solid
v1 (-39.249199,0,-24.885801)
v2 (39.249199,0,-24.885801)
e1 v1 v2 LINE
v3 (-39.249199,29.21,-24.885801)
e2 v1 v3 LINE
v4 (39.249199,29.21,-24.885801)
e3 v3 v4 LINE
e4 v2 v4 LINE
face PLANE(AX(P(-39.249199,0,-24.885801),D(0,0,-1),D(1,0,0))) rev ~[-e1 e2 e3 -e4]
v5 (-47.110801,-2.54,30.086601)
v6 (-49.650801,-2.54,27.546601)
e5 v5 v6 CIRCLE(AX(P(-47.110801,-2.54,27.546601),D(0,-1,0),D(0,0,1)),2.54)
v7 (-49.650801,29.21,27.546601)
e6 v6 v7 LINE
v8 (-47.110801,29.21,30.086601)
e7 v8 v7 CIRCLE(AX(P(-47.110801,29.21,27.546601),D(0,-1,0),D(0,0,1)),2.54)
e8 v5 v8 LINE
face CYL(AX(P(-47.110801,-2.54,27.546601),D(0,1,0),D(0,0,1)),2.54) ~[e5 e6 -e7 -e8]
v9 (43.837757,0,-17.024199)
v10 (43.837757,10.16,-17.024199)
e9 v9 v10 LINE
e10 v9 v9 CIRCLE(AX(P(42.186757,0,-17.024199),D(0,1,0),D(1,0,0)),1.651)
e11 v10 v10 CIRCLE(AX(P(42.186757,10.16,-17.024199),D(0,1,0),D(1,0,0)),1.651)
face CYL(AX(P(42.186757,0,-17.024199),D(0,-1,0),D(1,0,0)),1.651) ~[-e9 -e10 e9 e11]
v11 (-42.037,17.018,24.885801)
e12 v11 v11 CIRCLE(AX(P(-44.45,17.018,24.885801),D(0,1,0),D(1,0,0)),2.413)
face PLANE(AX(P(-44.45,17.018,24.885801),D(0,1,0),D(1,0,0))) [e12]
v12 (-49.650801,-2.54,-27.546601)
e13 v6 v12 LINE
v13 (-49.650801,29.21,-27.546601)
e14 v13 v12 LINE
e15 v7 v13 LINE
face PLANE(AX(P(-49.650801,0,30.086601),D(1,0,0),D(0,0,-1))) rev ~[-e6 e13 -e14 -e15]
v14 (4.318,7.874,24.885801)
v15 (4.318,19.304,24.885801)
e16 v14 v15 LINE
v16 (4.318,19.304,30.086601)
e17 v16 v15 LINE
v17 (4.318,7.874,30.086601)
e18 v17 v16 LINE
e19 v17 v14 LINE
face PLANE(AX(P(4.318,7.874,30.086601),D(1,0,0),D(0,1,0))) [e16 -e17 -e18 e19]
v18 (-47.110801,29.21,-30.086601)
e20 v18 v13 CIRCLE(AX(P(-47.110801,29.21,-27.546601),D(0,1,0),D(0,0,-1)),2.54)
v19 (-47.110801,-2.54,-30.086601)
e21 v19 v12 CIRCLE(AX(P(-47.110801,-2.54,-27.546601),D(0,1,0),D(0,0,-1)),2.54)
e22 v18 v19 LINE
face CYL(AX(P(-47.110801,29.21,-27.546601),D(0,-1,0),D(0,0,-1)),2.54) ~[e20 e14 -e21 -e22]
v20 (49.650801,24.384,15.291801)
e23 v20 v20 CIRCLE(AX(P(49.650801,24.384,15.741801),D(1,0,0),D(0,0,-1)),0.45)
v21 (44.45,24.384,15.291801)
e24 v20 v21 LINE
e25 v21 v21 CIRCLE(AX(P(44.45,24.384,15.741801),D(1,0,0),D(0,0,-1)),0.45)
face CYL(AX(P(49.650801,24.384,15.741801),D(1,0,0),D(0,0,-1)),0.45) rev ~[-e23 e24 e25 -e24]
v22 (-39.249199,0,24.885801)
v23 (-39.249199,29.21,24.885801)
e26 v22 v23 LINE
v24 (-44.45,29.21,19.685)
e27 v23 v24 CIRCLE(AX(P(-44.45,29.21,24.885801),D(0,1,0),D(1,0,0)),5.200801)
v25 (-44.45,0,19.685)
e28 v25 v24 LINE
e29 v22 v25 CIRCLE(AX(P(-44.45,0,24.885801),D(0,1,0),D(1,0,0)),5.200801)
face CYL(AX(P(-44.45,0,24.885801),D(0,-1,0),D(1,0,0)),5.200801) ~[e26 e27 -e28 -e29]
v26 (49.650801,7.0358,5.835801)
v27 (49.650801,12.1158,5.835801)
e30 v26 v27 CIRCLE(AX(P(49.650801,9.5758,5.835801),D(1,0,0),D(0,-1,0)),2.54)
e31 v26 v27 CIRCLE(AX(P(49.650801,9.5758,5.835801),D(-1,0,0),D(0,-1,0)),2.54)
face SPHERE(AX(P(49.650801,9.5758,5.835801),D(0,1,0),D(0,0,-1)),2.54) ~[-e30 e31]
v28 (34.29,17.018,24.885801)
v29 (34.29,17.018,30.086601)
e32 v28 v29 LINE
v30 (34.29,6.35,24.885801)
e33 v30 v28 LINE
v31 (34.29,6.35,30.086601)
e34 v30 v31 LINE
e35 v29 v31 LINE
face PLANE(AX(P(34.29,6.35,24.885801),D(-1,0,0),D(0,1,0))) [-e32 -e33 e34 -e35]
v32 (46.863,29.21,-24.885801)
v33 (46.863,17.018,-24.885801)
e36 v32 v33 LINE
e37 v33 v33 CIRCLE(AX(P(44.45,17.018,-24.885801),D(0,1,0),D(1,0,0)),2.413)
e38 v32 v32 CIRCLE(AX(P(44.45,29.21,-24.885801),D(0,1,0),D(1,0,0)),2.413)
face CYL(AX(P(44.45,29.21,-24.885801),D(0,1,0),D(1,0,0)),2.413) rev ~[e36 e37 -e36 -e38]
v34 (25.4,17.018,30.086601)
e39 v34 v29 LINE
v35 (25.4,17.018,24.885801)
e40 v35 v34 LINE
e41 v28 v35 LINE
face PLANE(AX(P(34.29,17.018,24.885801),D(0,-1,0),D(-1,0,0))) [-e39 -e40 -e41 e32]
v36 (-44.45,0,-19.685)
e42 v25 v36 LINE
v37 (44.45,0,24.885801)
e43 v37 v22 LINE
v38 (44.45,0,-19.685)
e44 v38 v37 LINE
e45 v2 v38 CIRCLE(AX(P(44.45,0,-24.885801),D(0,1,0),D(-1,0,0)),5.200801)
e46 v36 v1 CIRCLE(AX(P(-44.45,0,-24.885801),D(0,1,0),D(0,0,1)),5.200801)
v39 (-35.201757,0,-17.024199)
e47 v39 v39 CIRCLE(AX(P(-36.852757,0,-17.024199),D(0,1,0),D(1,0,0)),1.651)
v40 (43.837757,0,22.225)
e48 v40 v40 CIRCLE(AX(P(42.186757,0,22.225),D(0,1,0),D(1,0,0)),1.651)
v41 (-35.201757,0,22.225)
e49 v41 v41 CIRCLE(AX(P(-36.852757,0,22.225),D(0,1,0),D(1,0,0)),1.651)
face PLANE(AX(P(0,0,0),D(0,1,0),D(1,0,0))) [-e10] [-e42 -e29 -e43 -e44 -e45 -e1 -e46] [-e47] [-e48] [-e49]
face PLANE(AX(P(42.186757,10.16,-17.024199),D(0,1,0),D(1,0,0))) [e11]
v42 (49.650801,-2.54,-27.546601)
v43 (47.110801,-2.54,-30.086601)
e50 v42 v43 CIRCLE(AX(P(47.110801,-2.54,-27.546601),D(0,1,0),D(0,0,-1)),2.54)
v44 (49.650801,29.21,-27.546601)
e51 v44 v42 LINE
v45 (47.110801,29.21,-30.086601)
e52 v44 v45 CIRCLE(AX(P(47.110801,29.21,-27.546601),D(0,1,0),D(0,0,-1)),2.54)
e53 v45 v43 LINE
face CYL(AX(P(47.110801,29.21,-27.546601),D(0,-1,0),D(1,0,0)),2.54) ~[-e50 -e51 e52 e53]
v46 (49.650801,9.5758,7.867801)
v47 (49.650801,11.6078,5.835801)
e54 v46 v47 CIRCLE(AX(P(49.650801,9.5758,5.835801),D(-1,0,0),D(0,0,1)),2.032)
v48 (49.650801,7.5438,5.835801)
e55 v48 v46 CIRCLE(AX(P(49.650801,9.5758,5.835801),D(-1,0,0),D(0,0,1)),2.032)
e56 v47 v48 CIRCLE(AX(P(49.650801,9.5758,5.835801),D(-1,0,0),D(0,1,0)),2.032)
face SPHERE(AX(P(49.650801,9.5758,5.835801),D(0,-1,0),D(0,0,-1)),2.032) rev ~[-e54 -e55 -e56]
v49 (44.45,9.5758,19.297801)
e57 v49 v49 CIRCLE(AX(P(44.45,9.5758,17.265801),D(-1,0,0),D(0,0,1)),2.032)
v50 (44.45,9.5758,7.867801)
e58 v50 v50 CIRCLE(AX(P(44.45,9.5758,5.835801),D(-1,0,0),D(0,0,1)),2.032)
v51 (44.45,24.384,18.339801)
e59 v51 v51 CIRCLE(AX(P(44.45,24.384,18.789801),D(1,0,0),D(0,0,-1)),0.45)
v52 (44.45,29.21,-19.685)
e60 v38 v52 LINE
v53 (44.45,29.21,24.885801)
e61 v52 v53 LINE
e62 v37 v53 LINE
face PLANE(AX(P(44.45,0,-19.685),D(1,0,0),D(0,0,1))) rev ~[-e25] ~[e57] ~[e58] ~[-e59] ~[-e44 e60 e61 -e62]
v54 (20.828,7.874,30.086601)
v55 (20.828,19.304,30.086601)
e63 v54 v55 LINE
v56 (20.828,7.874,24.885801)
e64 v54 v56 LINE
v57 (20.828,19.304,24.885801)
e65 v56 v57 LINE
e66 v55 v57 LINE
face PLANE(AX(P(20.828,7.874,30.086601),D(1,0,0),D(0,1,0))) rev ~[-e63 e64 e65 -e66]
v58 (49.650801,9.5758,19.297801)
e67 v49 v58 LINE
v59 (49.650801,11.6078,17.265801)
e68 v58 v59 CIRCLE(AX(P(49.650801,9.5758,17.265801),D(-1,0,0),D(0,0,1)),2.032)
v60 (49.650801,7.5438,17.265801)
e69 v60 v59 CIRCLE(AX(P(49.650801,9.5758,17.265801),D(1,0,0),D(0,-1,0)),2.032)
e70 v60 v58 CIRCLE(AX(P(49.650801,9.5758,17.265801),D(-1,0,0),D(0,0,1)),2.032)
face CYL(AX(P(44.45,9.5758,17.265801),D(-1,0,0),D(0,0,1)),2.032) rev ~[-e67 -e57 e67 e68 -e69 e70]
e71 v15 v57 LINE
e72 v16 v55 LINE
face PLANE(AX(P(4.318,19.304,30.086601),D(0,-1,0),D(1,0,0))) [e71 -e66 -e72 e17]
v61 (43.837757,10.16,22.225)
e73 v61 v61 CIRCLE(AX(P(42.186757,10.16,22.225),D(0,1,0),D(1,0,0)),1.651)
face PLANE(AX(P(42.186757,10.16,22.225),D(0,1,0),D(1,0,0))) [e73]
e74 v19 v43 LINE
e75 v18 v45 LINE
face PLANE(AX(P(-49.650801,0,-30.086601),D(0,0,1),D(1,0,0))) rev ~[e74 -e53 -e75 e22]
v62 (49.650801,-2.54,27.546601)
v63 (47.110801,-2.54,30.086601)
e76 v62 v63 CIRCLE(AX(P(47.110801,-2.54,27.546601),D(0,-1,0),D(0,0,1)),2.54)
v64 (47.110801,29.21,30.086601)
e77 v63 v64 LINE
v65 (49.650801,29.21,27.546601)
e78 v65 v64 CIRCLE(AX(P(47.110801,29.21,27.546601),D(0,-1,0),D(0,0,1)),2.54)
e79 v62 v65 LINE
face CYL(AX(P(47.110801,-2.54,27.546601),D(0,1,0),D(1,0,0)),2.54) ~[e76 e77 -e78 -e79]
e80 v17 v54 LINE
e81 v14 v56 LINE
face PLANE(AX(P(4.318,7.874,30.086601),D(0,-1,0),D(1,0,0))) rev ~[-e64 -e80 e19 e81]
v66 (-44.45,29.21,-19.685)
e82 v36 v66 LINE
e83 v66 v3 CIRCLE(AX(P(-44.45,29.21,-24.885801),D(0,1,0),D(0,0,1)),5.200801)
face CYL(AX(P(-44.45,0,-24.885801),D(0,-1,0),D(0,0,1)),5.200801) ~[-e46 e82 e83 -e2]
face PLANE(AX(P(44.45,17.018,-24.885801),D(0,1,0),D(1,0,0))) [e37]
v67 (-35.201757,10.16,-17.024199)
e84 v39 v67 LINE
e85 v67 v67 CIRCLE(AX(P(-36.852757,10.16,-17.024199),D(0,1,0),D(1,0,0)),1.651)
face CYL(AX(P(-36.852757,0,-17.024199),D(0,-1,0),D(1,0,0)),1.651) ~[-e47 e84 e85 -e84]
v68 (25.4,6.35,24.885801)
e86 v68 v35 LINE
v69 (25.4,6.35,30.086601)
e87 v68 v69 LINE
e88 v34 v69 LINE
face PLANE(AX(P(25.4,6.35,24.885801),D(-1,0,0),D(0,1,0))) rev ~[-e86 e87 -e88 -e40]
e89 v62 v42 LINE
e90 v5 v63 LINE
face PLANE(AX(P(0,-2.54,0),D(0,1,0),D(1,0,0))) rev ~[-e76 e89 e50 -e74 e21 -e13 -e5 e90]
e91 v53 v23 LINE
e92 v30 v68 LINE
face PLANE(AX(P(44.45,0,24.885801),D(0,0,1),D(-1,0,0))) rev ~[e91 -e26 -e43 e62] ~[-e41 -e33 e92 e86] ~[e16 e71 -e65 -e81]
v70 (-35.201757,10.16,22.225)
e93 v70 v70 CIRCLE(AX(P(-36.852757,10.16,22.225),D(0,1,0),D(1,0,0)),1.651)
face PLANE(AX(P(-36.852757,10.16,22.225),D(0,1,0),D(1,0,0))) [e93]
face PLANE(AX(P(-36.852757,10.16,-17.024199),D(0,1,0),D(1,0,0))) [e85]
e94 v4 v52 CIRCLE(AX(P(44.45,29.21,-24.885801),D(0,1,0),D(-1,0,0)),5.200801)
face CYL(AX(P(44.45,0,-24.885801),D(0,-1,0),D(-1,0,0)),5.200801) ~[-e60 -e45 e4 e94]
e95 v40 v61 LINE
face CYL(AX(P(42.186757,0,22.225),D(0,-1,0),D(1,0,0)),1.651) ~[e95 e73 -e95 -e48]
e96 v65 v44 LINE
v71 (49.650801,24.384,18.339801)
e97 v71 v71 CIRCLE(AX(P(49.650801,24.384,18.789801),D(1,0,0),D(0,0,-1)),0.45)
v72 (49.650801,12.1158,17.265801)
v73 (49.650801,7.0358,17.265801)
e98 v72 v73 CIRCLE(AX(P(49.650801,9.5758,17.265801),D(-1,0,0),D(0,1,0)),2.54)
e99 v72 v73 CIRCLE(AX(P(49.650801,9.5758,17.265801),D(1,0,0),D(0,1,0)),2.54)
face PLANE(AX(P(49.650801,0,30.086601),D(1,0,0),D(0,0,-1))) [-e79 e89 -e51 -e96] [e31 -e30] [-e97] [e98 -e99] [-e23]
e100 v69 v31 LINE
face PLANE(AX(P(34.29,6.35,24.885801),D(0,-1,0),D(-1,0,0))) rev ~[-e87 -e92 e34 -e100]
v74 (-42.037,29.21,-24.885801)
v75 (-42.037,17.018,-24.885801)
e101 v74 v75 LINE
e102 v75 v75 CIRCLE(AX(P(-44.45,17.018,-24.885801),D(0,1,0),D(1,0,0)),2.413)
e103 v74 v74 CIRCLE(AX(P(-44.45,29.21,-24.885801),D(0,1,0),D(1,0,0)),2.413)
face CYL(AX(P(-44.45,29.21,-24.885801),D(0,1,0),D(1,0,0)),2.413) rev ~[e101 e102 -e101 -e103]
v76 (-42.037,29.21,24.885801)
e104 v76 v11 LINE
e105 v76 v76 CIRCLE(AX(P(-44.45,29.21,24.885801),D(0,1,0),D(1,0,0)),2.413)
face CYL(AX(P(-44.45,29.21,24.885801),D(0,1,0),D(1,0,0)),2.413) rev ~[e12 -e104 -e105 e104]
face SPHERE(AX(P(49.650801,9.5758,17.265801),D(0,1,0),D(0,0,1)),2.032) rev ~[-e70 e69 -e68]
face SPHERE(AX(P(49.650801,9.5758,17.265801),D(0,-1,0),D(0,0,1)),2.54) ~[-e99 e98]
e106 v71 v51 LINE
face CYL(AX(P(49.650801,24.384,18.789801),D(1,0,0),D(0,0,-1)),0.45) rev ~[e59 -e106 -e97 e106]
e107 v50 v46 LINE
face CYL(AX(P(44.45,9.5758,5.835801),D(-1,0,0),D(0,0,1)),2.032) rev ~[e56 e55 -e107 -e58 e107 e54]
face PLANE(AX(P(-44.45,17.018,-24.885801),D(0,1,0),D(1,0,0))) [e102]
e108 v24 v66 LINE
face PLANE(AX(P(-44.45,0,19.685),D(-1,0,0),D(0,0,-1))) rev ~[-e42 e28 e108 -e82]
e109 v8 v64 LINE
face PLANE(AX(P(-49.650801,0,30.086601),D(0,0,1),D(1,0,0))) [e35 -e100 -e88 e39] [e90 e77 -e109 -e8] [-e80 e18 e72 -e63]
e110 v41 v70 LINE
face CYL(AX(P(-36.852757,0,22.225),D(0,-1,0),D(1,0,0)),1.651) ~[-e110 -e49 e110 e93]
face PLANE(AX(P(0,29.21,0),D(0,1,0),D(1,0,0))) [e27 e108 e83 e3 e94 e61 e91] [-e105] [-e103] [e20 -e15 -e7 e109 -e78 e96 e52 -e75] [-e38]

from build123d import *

# Parameters (mm, degrees)
SKETCH1_W           = 99.30160125
SKETCH1_H           = 60.173202502
BOSS_EXTRUDE1_DEPTH = 29.21
SKETCH1_23_W        = 99.30160125
SKETCH1_23_H        = 60.173202502
BOSS_EXTRUDE2_DEPTH = 2.54
CUT_EXTRUDE1_START  = 29.21
SKETCH1_25_R        = 2.413
CUT_EXTRUDE1_DEPTH  = 12.192
SKETCH1_28_R        = 1.651
BOSS_EXTRUDE5_DEPTH = 10.16
SKETCH6_W           = 8.89
SKETCH6_H           = 10.668
CUT_EXTRUDE2_DEPTH  = 10.16
SKETCH8_W           = 16.51
SKETCH8_H           = 11.43
CUT_EXTRUDE4_DEPTH  = 10.16
SKETCH10_R          = 2.032
CUT_EXTRUDE7_DEPTH  = 6.200800625
REVOLVE1_ANGLE      = 180
REVOLVE2_ANGLE      = 180
SKETCH13_R          = 0.45
CUT_EXTRUDE8_DEPTH  = 7.62
FILLET2_R           = 2.54


with BuildPart() as part:
    # Sketch1 → Boss-Extrude1 (new body)
    with BuildSketch(Plane(origin=(0, 0, 0), x_dir=(1, 0, 0), z_dir=(0, 1, 0))):
        Rectangle(SKETCH1_W, SKETCH1_H)
        with BuildLine():
            ThreePointArc((-44.45, 19.685), (-40.77247861, 21.208279236), (-39.249199375, 24.885800625))
            Line((-39.249199375, 24.885800625), (39.249199375, 24.885800625))
            ThreePointArc((39.249199375, 24.885800625), (40.77247861, 21.208279236), (44.45, 19.685))
            Line((44.45, 19.685), (44.45, -24.885800625))
            Line((44.45, -24.885800625), (-39.249199375, -24.885800625))
            ThreePointArc((-39.249199375, -24.885800625), (-40.77247861, -21.208279236), (-44.45, -19.685))
            Line((-44.45, -19.685), (-44.45, 19.685))
        make_face(mode=Mode.SUBTRACT)
    extrude(amount=BOSS_EXTRUDE1_DEPTH)

    # Sketch1<23> → Boss-Extrude2 (add)
    with BuildSketch(Plane(origin=(0, 0, 0), x_dir=(1, 0, 0), z_dir=(0, 1, 0))):
        Rectangle(SKETCH1_23_W, SKETCH1_23_H)
    extrude(amount=-BOSS_EXTRUDE2_DEPTH)

    # Sketch1<25> → Cut-Extrude1 (cut)
    with BuildSketch(Plane(origin=(0, 0, 0), x_dir=(1, 0, 0), z_dir=(0, 1, 0)).offset(CUT_EXTRUDE1_START)):
        with Locations((-44.45, 24.885800625)):
            Circle(SKETCH1_25_R)
        with Locations((44.45, 24.885800625)):
            Circle(SKETCH1_25_R)
        with Locations((-44.45, -24.885800625)):
            Circle(SKETCH1_25_R)
    extrude(amount=-CUT_EXTRUDE1_DEPTH, mode=Mode.SUBTRACT)

    # Sketch1<28> → Boss-Extrude5 (add)
    with BuildSketch(Plane(origin=(0, 0, 0), x_dir=(1, 0, 0), z_dir=(0, 1, 0))):
        with Locations((42.186757457, 17.024199375)):
            Circle(SKETCH1_28_R)
        with Locations((-36.852757457, -22.225)):
            Circle(SKETCH1_28_R)
        with Locations((-36.852757457, 17.024199375)):
            Circle(SKETCH1_28_R)
        with Locations((42.186757457, -22.225)):
            Circle(SKETCH1_28_R)
    extrude(amount=BOSS_EXTRUDE5_DEPTH)

    # Sketch6 → Cut-Extrude2 (cut)
    with BuildSketch(Plane(origin=(0, 0, 24.885800625), x_dir=(-1, 0, 0), z_dir=(0, 0, -1))):
        with Locations((-29.845, 11.684)):
            Rectangle(SKETCH6_W, SKETCH6_H)
    extrude(amount=-CUT_EXTRUDE2_DEPTH, mode=Mode.SUBTRACT)

    # Sketch8 → Cut-Extrude4 (cut)
    with BuildSketch(Plane.XY.offset(30.086601251)):
        with Locations((12.573, 13.589)):
            Rectangle(SKETCH8_W, SKETCH8_H)
    extrude(amount=-CUT_EXTRUDE4_DEPTH, mode=Mode.SUBTRACT)

    # Sketch10 → Cut-Extrude7 (cut, through all)
    with BuildSketch(Plane.ZY.offset(-44.45)):
        with Locations((17.265800625, 9.5758)):
            Circle(SKETCH10_R)
        with Locations((5.835800625, 9.5758)):
            Circle(SKETCH10_R)
    extrude(amount=-CUT_EXTRUDE7_DEPTH, mode=Mode.SUBTRACT)

    # Sketch12 → Revolve1 (revolve)
    with BuildSketch(Plane(origin=(49.650800625, 0, 0), x_dir=(0, 0, -1), z_dir=(1, 0, 0))):
        with BuildLine():
            Line((-17.265800625, 11.6078), (-17.265800625, 12.1158))
            ThreePointArc((-17.265800625, 12.1158), (-19.805800625, 9.5758), (-17.265800625, 7.0358))
            Line((-17.265800625, 7.0358), (-17.265800625, 7.5438))
            ThreePointArc((-17.265800625, 7.5438), (-19.297800625, 9.5758), (-17.265800625, 11.6078))
        make_face()
    revolve(axis=Axis((49.650800625, 12.1158, 17.265800625), (0, 1, 0)), revolution_arc=REVOLVE1_ANGLE)

    # Sketch12<4> → Revolve2 (revolve)
    with BuildSketch(Plane(origin=(49.650800625, 0, 0), x_dir=(0, 0, -1), z_dir=(1, 0, 0))):
        with BuildLine():
            ThreePointArc((-5.835800625, 7.0358), (-3.295800625, 9.5758), (-5.835800625, 12.1158))
            Line((-5.835800625, 12.1158), (-5.835800625, 11.6078))
            ThreePointArc((-5.835800625, 11.6078), (-3.803800625, 9.5758), (-5.835800625, 7.5438))
            Line((-5.835800625, 7.5438), (-5.835800625, 7.0358))
        make_face()
    revolve(axis=Axis((49.650800625, 12.1158, 5.835800625), (0, -1, 0)), revolution_arc=REVOLVE2_ANGLE)

    # Sketch13 → Cut-Extrude8 (cut)
    with BuildSketch(Plane(origin=(49.650800625, 0, 0), x_dir=(0, 0, -1), z_dir=(1, 0, 0))):
        with Locations((-18.789800625, 24.384)):
            Circle(SKETCH13_R)
        with Locations((-15.741800625, 24.384)):
            Circle(SKETCH13_R)
    extrude(amount=-CUT_EXTRUDE8_DEPTH, mode=Mode.SUBTRACT)

    # Fillet2
    fillet2_edges = [part.edges().sort_by_distance(p)[0] for p in [
        (-49.650800625, 13.335, -30.086601251),
        (49.650800625, 13.335, -30.086601251),
        (49.650800625, 13.335, 30.086601251),
        (-49.650800625, 13.335, 30.086601251),
    ]]
    fillet(fillet2_edges, radius=FILLET2_R)


solid = part.part
